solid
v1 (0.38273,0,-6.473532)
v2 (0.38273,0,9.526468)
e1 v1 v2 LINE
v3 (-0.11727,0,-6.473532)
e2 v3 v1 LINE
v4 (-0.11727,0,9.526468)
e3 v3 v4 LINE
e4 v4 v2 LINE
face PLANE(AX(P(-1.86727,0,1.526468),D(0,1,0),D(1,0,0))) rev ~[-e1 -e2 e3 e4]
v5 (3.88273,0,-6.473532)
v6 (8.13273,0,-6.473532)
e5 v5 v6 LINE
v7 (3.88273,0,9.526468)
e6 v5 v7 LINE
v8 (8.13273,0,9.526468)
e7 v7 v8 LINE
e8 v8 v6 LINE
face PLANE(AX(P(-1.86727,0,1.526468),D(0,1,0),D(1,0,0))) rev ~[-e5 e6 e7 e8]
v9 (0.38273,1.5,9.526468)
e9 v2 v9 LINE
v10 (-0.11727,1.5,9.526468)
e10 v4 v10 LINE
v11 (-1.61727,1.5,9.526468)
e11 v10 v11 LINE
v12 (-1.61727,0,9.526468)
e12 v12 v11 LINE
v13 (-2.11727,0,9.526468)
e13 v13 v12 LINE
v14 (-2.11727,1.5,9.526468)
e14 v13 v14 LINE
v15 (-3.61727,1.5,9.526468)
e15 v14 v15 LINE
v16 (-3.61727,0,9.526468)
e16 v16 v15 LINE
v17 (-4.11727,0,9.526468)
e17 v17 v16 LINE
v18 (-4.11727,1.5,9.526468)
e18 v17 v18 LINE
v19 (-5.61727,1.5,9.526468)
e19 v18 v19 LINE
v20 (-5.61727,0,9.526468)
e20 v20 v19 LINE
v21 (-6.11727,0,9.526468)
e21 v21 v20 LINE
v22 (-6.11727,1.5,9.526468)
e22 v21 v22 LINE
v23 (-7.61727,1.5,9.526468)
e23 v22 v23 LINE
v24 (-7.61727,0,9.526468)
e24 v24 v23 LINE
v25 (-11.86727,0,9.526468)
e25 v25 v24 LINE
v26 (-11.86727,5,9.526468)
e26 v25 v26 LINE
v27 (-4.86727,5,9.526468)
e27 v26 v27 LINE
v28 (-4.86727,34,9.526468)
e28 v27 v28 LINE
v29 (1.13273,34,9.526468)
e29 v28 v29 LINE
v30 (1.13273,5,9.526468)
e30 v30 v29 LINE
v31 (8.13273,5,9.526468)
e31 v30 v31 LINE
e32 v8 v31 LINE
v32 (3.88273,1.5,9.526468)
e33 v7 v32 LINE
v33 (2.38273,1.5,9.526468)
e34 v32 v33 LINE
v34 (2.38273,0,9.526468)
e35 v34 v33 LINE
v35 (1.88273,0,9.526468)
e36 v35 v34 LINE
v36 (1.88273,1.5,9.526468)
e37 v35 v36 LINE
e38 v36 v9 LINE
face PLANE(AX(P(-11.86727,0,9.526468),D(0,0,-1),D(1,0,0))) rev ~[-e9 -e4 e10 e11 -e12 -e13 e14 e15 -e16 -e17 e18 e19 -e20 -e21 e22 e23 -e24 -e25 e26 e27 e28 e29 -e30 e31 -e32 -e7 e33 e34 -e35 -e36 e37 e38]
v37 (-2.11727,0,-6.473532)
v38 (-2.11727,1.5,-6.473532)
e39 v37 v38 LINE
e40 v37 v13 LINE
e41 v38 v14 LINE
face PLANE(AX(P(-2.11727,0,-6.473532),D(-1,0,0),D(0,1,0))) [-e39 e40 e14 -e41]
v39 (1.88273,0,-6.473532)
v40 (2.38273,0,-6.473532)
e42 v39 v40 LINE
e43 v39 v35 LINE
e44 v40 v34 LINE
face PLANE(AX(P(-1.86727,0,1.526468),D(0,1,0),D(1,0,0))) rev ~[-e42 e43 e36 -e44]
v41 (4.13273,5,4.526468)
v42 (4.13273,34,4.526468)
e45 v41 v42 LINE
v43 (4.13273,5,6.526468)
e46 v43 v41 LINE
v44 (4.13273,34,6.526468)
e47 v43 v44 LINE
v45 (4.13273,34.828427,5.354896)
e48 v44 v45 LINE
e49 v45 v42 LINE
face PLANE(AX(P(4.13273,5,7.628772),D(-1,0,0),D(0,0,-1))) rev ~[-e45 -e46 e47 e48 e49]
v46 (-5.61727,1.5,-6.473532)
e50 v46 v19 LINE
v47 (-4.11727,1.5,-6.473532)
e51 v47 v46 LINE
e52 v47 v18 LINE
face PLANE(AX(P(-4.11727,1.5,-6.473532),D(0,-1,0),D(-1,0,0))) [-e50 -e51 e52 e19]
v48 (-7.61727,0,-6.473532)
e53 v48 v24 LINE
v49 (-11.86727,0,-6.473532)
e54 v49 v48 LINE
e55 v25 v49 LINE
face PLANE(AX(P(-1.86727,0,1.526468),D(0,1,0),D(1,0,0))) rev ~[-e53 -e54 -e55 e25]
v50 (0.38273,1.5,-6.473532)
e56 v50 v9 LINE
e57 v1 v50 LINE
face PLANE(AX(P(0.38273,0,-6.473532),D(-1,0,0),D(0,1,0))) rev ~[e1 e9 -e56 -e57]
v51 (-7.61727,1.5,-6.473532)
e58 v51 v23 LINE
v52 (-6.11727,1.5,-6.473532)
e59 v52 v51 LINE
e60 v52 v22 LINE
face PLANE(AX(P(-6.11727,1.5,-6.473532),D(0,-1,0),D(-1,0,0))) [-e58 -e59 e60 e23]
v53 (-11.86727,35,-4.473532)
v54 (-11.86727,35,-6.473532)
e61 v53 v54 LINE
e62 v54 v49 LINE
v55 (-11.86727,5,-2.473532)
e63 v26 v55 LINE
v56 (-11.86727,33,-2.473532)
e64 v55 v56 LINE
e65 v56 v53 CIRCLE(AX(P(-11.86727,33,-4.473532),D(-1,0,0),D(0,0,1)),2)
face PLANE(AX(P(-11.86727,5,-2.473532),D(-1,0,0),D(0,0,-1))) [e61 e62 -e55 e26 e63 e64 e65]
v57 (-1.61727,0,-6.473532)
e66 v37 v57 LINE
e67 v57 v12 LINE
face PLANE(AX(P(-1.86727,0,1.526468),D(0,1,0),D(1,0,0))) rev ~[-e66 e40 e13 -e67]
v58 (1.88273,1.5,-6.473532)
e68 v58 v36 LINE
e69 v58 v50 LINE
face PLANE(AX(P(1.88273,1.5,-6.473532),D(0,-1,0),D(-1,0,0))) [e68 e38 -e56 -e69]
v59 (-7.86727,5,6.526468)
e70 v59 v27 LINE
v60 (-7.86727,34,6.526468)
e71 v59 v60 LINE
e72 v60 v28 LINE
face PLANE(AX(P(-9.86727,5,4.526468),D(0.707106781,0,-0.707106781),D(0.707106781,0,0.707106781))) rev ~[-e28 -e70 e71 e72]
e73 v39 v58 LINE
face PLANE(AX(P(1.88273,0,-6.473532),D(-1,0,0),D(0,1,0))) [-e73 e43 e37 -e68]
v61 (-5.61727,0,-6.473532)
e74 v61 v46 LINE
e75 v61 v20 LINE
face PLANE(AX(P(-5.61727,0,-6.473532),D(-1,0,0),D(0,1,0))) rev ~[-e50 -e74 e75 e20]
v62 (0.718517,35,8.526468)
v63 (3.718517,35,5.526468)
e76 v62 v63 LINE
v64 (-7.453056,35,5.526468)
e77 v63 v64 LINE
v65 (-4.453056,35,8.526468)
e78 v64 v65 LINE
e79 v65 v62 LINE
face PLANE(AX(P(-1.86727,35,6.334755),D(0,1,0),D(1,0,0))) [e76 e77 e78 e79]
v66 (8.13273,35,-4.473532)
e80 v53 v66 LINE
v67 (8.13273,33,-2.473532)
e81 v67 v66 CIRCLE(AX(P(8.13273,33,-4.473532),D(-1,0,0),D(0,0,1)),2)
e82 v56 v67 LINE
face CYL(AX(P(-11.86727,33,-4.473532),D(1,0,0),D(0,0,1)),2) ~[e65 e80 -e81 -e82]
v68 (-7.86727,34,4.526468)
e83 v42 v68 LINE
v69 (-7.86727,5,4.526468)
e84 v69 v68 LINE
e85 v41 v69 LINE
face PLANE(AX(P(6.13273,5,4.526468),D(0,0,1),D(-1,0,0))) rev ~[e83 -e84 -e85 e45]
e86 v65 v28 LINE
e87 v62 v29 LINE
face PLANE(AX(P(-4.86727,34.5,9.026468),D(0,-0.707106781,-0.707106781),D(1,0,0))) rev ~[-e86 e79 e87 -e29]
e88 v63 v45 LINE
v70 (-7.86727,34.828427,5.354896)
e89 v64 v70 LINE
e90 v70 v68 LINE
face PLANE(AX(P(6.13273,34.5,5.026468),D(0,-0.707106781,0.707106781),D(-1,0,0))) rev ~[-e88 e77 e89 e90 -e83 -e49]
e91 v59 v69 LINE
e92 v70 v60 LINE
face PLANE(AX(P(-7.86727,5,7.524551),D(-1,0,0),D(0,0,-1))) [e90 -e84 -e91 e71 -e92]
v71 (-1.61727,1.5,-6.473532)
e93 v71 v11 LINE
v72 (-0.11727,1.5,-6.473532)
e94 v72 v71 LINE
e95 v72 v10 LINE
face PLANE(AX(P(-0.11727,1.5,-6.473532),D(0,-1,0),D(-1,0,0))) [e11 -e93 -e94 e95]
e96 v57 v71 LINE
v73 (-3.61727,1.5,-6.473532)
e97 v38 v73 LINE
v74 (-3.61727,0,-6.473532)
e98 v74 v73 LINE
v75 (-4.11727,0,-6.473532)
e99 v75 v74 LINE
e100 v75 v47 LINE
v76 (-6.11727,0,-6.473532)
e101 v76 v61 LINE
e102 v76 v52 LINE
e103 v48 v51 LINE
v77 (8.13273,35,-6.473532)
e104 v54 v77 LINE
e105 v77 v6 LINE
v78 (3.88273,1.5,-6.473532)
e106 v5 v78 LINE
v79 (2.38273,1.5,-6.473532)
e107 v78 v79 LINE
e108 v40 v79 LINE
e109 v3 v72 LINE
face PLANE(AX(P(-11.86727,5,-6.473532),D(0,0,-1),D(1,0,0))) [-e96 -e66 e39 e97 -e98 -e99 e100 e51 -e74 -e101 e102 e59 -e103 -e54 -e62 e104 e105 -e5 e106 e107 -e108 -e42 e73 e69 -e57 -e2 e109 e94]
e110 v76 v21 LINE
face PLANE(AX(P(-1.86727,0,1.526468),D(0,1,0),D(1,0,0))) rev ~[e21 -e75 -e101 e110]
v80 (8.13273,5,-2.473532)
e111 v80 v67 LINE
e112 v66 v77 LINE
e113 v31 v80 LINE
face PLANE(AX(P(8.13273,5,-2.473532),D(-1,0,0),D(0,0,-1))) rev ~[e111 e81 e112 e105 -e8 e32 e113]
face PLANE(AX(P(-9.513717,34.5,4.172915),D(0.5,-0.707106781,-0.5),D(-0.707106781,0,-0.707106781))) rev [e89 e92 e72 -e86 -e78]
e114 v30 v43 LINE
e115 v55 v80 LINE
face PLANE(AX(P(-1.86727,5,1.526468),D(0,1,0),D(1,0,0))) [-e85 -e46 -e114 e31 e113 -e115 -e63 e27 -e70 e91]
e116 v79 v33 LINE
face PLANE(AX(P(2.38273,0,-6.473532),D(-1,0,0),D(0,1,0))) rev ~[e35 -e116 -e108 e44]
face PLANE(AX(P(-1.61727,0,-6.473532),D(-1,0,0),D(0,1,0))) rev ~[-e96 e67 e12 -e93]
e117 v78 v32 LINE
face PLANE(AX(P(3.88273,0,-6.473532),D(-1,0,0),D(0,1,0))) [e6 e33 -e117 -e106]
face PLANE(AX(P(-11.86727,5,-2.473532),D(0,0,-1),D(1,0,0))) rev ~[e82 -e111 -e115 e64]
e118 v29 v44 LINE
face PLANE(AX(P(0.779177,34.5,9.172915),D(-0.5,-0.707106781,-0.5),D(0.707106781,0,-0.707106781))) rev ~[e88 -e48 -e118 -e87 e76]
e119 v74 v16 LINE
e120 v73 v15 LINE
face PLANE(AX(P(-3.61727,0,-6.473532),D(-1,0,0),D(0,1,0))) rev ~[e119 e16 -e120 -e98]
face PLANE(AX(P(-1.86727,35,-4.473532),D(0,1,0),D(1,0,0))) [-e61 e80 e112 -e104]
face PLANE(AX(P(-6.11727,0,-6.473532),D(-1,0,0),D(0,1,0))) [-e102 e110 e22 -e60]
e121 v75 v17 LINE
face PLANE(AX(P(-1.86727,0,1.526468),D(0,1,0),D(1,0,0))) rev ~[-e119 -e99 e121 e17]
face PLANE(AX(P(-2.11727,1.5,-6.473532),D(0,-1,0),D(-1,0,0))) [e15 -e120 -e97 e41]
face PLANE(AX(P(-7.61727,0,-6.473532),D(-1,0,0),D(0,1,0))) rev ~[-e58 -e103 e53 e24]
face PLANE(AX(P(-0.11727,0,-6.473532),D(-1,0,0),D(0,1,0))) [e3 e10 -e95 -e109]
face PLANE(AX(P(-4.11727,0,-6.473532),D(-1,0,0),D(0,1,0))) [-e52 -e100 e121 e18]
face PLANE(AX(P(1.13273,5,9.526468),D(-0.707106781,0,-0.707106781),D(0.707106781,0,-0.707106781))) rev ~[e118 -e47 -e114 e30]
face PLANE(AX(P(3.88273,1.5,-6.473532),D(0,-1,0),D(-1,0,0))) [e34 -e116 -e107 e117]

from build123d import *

# Parameters (mm, degrees)
SKETCH_1_W          = 20
SKETCH_1_H          = 16
EXTRUDE_1_DEPTH     = 5
SKETCH_2_W          = 20
SKETCH_2_H          = 4
EXTRUDE_2_DEPTH     = 30
CHAMFER_1_SIZE      = 1
FILLET_1_R          = 2
SKETCH_3_W          = 1.5
SKETCH_3_H          = 1.5
CUT_EXTRUDE_1_DEPTH = 17
SKETCH_5_W          = 2
SKETCH_5_H          = 2.998083063
SKETCH_5_H_2        = 3.102303799
CUT_EXTRUDE_2_DEPTH = 31


with BuildPart() as part:
    # 草图1 → 凸台-拉伸1 (new body)
    with BuildSketch(Plane(origin=(0, 0, 0), x_dir=(1, 0, 0), z_dir=(0, 1, 0))):
        with Locations((-1.867269937, -1.526468381)):
            Rectangle(SKETCH_1_W, SKETCH_1_H)
    extrude(amount=EXTRUDE_1_DEPTH)

    # 草图2 → 凸台-拉伸2 (add)
    with BuildSketch(Plane(origin=(0, 5, 0), x_dir=(1, 0, 0), z_dir=(0, 1, 0))):
        Polygon((-1.867269937, -9.526468381), (1.132730063, -9.526468381), (6.132730063, -4.526468381), (-1.867269937, -4.526468381), (-9.867269937, -4.526468381), (-4.867269937, -9.526468381), align=None)
        with Locations((-1.867269937, 4.473531619)):
            Rectangle(SKETCH_2_W, SKETCH_2_H)
    extrude(amount=EXTRUDE_2_DEPTH)

    # 倒角1
    chamfer_1_edges = [part.edges().sort_by_distance(p)[0] for p in [
        (-1.867269937, 35, 9.526468381),
        (3.632730063, 35, 7.026468381),
        (-1.867269937, 35, 4.526468381),
        (-7.367269937, 35, 7.026468381),
    ]]
    chamfer(chamfer_1_edges, length=CHAMFER_1_SIZE)

    # 圆角1
    fillet_1_edges = [part.edges().sort_by_distance(p)[0] for p in [
        (-1.867269937, 35, -2.473531619),
    ]]
    fillet(fillet_1_edges, radius=FILLET_1_R)

    # 草图3 → 切除-拉伸1 (cut, through all)
    with BuildSketch(Plane(origin=(0, 0, -6.473531619), x_dir=(-1, 0, 0), z_dir=(0, 0, -1))):
        with Locations((-3.132730063, 0.75)):
            Rectangle(SKETCH_3_W, SKETCH_3_H)
        with Locations((-1.132730063, 0.75)):
            Rectangle(SKETCH_3_W, SKETCH_3_H)
        with Locations((0.867269937, 0.75)):
            Rectangle(SKETCH_3_W, SKETCH_3_H)
        with Locations((2.867269937, 0.75)):
            Rectangle(SKETCH_3_W, SKETCH_3_H)
        with Locations((4.867269937, 0.75)):
            Rectangle(SKETCH_3_W, SKETCH_3_H)
        with Locations((6.867269937, 0.75)):
            Rectangle(SKETCH_3_W, SKETCH_3_H)
    extrude(amount=-CUT_EXTRUDE_1_DEPTH, mode=Mode.SUBTRACT)

    # 草图5 → 切除-拉伸2 (cut, through all)
    with BuildSketch(Plane(origin=(0, 5, 0), x_dir=(1, 0, 0), z_dir=(0, 1, 0))):
        with Locations((-8.867269937, -6.025509913)):
            Rectangle(SKETCH_5_W, SKETCH_5_H)
        with Locations((5.132730063, -6.07762028)):
            Rectangle(SKETCH_5_W, SKETCH_5_H_2)
    extrude(amount=CUT_EXTRUDE_2_DEPTH, mode=Mode.SUBTRACT)


solid = part.part
